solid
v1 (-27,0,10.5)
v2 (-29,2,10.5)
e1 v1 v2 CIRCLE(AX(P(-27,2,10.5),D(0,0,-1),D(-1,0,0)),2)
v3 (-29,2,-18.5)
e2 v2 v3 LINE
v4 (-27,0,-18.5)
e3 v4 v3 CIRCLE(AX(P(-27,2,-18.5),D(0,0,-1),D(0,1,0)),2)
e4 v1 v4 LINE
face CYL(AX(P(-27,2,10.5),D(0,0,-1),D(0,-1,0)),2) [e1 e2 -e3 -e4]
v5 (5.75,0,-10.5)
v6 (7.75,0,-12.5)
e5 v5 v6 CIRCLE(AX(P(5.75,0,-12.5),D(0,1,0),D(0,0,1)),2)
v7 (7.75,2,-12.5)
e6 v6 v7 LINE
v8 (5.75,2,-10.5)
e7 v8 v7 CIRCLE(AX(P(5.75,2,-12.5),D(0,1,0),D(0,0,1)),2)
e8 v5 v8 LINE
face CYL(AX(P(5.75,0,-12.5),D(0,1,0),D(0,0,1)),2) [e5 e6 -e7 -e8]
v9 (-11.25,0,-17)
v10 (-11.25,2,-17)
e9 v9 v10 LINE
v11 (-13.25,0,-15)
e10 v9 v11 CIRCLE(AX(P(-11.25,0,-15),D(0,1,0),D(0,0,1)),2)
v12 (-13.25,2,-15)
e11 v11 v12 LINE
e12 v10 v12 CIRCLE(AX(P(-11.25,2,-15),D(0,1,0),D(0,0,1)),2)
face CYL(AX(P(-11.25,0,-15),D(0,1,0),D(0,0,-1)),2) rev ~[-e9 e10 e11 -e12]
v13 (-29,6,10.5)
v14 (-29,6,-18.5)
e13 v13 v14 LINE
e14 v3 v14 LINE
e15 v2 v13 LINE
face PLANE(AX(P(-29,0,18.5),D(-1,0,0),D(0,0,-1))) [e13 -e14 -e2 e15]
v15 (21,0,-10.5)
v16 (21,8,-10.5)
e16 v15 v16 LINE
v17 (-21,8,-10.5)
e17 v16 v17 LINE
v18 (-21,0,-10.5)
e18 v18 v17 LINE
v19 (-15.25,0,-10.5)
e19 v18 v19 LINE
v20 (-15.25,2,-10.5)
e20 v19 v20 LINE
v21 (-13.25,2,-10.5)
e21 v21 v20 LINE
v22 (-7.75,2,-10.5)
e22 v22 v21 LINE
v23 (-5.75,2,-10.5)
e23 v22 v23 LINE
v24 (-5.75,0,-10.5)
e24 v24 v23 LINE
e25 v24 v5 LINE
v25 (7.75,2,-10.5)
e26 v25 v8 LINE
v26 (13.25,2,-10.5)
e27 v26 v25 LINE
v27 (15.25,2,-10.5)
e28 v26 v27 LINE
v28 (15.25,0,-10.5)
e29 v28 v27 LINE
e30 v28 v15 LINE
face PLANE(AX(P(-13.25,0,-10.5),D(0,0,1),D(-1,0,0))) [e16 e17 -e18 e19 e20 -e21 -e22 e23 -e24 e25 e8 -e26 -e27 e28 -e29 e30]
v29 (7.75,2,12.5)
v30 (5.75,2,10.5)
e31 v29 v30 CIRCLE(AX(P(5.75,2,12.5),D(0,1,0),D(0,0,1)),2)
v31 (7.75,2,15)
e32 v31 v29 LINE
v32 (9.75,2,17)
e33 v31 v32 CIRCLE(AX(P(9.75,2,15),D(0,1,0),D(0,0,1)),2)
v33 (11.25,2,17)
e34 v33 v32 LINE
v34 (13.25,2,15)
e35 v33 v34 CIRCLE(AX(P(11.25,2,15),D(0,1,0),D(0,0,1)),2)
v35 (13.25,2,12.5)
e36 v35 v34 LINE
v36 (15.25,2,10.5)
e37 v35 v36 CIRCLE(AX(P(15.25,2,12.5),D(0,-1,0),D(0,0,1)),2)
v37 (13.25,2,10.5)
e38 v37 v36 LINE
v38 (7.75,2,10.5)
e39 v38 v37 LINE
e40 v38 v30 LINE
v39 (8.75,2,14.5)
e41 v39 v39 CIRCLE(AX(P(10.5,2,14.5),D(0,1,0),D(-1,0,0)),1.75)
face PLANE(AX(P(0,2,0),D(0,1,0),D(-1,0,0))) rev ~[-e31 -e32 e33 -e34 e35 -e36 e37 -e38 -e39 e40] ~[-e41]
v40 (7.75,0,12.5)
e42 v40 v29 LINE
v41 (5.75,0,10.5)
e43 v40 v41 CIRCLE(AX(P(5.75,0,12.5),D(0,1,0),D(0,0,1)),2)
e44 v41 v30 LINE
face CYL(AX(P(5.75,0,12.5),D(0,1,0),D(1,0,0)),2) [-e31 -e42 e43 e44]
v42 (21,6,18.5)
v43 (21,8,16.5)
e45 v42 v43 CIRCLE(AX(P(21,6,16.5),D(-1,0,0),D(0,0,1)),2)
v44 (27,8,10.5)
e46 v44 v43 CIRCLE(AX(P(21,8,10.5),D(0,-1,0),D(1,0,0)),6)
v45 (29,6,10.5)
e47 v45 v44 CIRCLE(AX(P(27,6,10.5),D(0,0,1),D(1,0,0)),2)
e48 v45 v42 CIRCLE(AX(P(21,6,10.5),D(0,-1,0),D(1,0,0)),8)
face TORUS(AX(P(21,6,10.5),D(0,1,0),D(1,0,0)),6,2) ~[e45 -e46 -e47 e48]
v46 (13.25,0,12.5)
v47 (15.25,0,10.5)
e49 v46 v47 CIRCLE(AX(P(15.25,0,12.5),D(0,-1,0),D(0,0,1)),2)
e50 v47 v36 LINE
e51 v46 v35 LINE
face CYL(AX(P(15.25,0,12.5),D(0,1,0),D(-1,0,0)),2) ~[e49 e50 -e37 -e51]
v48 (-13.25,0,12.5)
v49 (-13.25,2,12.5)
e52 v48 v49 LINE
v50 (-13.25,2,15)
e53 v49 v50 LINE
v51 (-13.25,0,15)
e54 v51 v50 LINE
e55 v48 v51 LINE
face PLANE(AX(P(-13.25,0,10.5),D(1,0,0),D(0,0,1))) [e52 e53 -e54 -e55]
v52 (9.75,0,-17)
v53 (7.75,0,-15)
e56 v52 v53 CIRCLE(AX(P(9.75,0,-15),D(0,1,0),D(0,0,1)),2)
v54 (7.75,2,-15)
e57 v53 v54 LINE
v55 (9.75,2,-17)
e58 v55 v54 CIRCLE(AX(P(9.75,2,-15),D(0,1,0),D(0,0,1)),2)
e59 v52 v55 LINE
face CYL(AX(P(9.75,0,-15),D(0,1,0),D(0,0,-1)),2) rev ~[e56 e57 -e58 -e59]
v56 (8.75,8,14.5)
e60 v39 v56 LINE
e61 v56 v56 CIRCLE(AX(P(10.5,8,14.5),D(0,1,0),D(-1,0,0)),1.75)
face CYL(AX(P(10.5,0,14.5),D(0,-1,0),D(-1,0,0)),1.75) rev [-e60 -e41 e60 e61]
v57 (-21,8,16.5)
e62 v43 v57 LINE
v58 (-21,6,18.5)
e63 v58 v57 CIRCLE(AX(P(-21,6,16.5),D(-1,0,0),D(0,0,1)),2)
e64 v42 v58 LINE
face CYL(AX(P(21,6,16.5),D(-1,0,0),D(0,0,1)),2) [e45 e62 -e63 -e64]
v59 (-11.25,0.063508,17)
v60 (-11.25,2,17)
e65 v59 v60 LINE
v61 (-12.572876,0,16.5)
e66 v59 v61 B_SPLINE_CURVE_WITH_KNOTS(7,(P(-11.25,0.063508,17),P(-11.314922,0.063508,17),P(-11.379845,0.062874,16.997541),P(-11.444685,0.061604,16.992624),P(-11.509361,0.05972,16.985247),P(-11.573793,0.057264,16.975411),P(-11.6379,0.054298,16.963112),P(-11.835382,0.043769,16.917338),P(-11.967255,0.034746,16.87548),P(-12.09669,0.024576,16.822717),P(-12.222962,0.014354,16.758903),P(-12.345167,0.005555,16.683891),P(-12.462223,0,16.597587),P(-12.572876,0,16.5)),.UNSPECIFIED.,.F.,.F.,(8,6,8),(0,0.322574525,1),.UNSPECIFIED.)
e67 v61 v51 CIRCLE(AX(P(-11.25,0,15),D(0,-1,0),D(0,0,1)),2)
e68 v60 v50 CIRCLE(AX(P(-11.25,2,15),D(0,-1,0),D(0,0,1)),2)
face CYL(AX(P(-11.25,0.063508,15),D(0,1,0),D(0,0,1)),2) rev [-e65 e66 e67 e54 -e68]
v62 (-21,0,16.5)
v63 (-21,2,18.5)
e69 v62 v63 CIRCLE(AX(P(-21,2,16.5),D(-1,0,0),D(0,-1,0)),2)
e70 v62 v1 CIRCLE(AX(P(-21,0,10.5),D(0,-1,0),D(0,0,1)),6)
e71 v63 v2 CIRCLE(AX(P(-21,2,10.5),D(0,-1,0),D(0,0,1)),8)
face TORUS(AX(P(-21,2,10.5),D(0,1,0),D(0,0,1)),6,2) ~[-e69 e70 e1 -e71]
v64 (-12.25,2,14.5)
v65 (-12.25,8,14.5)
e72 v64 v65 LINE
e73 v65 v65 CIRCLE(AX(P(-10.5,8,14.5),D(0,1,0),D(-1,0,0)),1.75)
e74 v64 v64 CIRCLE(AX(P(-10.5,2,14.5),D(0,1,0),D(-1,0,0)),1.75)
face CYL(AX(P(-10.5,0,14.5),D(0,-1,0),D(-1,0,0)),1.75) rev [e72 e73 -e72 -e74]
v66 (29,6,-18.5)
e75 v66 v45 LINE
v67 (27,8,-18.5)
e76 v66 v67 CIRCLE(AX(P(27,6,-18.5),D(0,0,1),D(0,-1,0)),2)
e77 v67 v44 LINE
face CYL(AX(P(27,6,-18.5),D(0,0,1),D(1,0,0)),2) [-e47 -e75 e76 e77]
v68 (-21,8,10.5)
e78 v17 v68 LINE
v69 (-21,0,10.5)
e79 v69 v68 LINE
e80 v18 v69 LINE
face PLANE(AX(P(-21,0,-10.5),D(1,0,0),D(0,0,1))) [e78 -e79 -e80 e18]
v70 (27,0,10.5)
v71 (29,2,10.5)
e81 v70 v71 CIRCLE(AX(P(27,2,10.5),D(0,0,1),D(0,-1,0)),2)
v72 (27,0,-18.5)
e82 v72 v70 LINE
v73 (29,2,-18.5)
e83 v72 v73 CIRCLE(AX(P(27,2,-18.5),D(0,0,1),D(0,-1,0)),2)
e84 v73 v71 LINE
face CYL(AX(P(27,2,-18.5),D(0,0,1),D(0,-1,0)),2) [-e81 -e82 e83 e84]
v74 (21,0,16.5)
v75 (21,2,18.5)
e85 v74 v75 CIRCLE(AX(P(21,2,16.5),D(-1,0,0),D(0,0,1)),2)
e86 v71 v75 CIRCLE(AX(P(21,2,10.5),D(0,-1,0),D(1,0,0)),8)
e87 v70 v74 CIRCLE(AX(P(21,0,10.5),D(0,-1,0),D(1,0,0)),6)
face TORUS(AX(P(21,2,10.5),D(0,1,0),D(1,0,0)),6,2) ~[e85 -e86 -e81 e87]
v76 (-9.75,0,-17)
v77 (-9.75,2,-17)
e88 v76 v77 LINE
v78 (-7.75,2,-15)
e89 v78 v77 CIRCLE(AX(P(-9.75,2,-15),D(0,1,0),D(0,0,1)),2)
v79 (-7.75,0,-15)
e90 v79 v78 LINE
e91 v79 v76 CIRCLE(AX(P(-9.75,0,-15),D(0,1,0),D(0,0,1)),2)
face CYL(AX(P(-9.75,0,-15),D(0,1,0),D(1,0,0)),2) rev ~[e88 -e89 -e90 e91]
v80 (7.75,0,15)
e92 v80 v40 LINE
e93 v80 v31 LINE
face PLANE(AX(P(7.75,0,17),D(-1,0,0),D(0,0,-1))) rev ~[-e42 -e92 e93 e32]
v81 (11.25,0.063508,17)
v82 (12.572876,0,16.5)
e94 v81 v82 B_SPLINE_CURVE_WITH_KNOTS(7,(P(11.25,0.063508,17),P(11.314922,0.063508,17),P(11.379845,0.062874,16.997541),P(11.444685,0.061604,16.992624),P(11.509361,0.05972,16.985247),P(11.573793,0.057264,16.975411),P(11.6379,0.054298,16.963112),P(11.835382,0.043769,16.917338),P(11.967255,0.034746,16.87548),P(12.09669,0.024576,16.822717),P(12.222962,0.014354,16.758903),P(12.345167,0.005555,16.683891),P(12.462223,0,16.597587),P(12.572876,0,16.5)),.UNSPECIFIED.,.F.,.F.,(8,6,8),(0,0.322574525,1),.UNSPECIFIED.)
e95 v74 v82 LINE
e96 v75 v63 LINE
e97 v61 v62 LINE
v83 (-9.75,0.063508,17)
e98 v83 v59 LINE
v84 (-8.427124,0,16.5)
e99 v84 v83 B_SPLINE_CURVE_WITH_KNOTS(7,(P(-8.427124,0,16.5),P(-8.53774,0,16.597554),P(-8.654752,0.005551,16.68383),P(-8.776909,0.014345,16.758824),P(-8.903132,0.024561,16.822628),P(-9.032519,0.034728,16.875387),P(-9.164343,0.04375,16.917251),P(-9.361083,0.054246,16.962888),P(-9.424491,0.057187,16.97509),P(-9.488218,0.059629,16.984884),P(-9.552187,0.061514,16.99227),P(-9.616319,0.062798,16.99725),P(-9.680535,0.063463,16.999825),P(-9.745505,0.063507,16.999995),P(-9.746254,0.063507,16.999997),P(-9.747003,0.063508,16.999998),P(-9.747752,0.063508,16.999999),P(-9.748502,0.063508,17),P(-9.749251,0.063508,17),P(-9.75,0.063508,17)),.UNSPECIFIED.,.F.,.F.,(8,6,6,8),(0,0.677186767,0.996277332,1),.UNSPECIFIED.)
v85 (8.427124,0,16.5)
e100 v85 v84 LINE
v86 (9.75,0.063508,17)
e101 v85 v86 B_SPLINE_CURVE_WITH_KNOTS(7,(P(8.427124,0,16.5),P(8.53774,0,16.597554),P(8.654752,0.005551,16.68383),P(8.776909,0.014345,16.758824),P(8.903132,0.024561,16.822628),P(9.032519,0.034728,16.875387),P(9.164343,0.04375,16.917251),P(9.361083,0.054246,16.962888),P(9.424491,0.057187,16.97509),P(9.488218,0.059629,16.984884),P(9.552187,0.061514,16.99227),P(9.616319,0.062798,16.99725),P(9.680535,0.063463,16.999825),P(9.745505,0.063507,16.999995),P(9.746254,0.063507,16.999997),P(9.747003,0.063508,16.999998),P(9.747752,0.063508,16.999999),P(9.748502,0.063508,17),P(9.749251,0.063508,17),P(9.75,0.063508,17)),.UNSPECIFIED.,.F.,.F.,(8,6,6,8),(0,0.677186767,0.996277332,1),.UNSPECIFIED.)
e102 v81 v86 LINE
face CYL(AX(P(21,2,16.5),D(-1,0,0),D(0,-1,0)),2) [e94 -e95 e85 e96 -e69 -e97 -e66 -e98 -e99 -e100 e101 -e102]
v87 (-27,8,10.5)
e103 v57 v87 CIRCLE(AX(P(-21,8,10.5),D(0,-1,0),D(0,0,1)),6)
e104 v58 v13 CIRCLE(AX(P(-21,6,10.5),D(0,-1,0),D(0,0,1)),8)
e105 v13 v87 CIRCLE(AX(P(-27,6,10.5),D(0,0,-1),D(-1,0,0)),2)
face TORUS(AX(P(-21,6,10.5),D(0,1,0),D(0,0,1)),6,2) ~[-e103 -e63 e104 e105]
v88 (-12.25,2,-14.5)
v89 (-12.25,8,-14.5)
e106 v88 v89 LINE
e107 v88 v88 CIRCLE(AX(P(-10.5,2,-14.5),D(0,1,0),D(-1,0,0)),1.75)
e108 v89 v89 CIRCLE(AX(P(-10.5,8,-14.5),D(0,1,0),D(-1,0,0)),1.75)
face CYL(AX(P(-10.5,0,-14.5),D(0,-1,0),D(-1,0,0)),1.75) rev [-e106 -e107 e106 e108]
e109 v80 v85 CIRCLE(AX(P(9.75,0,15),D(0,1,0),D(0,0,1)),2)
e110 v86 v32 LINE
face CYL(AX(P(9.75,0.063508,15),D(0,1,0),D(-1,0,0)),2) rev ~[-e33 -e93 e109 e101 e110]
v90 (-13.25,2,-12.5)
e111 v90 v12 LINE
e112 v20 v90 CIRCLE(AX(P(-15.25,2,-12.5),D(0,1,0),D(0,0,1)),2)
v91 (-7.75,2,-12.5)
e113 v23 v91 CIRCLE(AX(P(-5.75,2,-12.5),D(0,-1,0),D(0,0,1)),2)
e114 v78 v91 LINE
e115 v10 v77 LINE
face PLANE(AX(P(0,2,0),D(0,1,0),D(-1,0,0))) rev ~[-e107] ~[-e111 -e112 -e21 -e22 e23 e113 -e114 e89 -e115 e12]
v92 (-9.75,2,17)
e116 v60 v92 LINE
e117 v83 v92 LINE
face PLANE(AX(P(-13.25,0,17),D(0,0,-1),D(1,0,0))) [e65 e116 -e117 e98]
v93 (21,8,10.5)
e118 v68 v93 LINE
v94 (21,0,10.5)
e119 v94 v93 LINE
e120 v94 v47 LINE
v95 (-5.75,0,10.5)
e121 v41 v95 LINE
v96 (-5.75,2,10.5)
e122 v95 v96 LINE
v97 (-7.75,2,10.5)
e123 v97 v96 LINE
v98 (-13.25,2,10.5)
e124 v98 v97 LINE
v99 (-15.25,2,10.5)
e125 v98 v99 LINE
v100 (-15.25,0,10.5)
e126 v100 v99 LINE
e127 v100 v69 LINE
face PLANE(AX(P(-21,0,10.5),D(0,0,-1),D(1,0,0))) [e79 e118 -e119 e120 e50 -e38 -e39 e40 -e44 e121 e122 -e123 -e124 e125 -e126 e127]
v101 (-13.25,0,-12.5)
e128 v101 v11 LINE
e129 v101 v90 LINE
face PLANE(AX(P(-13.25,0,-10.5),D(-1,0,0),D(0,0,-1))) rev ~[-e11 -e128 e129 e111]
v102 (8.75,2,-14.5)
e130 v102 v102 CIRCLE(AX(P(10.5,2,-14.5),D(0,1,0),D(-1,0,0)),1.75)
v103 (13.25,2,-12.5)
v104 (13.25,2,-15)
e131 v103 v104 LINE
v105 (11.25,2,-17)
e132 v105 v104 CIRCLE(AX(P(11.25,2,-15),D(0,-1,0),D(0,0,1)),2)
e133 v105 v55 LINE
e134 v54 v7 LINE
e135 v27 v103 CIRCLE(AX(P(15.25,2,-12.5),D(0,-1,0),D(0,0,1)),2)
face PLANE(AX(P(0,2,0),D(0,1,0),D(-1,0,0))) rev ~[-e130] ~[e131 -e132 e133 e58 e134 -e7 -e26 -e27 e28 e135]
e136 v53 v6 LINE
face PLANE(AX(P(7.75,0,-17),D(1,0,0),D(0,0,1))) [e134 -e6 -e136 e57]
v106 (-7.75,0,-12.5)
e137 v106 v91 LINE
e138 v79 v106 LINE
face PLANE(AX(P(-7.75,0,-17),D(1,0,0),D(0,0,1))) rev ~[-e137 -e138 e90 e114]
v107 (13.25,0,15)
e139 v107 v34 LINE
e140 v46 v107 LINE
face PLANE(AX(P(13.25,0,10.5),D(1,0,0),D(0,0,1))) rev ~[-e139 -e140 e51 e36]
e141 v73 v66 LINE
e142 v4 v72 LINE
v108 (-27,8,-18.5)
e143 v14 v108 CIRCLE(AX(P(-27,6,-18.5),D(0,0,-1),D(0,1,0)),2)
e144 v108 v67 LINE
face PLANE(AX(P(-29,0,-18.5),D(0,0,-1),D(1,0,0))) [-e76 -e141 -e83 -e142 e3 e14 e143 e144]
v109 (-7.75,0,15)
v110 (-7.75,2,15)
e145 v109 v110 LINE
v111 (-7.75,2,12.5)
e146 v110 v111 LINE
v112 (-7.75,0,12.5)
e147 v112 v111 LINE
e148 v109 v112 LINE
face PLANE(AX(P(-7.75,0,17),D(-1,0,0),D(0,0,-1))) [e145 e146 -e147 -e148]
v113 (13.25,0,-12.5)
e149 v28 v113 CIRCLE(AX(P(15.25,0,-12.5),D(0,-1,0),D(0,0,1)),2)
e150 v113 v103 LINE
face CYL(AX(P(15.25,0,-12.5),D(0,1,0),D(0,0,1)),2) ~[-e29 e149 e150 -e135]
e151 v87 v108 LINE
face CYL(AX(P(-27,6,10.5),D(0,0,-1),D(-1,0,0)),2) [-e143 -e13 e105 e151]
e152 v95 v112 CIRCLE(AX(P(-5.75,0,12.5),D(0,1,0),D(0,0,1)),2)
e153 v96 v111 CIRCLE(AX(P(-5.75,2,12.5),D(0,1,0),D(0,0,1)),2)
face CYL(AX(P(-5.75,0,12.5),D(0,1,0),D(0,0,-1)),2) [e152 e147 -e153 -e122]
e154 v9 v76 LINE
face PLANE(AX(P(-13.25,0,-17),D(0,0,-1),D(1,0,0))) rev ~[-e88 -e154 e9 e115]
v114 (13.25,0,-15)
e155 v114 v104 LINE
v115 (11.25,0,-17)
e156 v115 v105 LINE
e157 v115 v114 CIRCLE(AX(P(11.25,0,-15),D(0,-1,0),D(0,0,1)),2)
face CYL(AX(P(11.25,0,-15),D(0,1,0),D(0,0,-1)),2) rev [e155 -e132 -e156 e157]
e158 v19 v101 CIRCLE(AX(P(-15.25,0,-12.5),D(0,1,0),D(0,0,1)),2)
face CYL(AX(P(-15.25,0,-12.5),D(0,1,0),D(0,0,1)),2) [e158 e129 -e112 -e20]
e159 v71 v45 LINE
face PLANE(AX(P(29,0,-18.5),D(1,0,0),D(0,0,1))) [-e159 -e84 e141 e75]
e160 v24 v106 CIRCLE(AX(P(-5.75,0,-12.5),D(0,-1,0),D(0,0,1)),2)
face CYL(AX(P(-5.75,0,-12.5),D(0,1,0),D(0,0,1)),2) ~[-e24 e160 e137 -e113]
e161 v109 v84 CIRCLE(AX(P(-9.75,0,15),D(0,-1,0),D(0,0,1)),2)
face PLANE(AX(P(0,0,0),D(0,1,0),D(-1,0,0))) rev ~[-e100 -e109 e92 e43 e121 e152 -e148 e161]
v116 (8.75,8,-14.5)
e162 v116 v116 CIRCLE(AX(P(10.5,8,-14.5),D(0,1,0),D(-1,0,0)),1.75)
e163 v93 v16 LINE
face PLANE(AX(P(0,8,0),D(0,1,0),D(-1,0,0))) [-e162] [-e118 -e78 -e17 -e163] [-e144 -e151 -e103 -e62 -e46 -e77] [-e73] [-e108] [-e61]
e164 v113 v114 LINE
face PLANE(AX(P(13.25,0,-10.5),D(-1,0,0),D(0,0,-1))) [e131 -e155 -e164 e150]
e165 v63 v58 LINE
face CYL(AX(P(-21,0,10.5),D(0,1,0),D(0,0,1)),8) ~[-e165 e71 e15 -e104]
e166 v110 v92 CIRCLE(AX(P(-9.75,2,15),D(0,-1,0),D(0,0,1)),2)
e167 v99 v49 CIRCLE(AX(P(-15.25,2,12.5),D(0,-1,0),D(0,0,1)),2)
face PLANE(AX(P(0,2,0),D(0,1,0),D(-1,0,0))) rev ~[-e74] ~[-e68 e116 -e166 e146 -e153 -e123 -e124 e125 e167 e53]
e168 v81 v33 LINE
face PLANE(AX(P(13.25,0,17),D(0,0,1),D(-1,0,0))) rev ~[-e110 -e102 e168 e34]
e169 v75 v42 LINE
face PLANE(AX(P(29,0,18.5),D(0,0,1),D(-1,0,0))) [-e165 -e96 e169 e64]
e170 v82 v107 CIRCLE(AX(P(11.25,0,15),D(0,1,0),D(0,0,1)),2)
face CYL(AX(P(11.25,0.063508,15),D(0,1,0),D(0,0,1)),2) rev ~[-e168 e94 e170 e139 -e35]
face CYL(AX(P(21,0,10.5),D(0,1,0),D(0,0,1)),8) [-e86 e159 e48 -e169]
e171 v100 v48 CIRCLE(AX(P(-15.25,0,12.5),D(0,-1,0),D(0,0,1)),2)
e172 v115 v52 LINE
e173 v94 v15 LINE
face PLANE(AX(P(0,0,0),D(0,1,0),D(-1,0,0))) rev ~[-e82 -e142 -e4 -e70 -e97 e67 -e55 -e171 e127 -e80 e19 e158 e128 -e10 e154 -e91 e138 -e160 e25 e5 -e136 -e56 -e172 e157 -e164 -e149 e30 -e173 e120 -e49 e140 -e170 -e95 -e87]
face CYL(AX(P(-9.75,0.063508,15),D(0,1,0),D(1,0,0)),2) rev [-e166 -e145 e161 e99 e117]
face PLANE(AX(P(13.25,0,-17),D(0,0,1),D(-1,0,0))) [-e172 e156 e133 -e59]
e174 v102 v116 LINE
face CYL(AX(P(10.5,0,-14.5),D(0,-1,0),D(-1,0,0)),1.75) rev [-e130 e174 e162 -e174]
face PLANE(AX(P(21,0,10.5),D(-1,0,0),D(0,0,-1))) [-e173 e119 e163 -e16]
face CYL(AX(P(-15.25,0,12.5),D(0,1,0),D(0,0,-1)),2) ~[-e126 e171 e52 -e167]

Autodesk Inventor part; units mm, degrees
ref_plane "YZ Plane" through (0, 0, 0) normal (1, 0, 0) x (0, 1, 0)
ref_plane "XZ Plane" through (0, 0, 0) normal (0, 1, 0) x (-1, 0, 0)
ref_plane "XY Plane" through (0, 0, 0) normal (0, 0, 1) x (1, 0, 0)
sketch "Sketch1" plane through (0, 0, 0) normal (0, 1, 0) x (-1, 0, 0)
  line L0 (21, 10.5) -> (-21, 10.5)
  line L1 (-21, 10.5) -> (-21, -10.5)
  line L2 (-21, -10.5) -> (21, -10.5)
  line L3 (21, -10.5) -> (21, 10.5)
  line L4 (21, 10.5) -> (-21, -10.5) construction
  line L5 (-21, 10.5) -> (21, -10.5) construction
  line L6 (-29, 18.5) -> (29, 18.5)
  line L7 (29, 18.5) -> (29, -18.5)
  line L8 (29, -18.5) -> (-29, -18.5)
  line L9 (-29, -18.5) -> (-29, 18.5)
  circle A0 centre (10.5, 14.5) radius 1.75
  line L10 (0, 10.5) -> (0, -10.5) construction
  line L11 (-21, 0) -> (21, 0) construction
  circle A1 centre (10.5, -14.5) radius 1.75
  circle A2 centre (-10.5, 14.5) radius 1.75
  circle A3 centre (-10.5, -14.5) radius 1.75
  line L12 (-21, 10.5) -> (-27, 10.5)
  line L13 (-27, 10.5) -> (-27, -10.5)
  line L14 (-27, -10.5) -> (-21, -10.5)
  line L15 (-21, -10.5) -> (-21, 10.5)
  line L16 (21, 10.5) -> (27, 10.5)
  line L17 (27, 10.5) -> (27, -10.5)
  line L18 (27, -10.5) -> (21, -10.5)
  line L19 (7.75, 10.5) -> (13.25, 10.5)
  line L20 (13.25, 10.5) -> (13.25, 17)
  line L21 (13.25, 17) -> (7.75, 17)
  line L22 (7.75, 17) -> (7.75, 10.5)
  line L23 (-13.25, 10.5) -> (-13.25, 17)
  line L24 (-13.25, 17) -> (-7.75, 17)
  line L25 (-7.75, 17) -> (-7.75, 10.5)
  line L26 (13.25, -10.5) -> (13.25, -17)
  line L27 (13.25, -17) -> (7.75, -17)
  line L28 (7.75, -17) -> (7.75, -10.5)
  line L29 (-7.75, -17) -> (-7.75, -10.5)
  line L30 (-13.25, -17) -> (-7.75, -17)
  line L31 (-13.25, -10.5) -> (-13.25, -17)
  point P0 (0, 0)
  dimension "d0" = 21
  dimension "d1" = 42
  dimension "d2" = 8
  dimension "d3" = 3.5
  dimension "d4" = 10.5
  dimension "d5" = 4
  dimension "d6" = 6
  dimension "d7" = 21
  dimension "d15" = 5.5
  dimension "d17" = 2.5
  dimension "d18" = 2.75
extrude "Extrusion1" add sketch "Sketch1" along normal blind 8 contours L16 L17 L18 L3 | L0 L22 L21 L20 | L26 L27 L28 L2 | L0 L23 L24 L25 | L29 L30 L31 L2 | L1 L14 L13 L12 | L6 L7 L8 L9
fillet "Fillet1" radius 8 2 edges at (-29, 4, 18.5) (29, 4, 18.5)
fillet "Fillet3" radius 2 10 edges at (-26.6569, 0, 16.1569) (0, 0, 18.5) (26.6569, 0, 16.1569) (29, 0, -4) (-29, 0, -4) (-26.6569, 8, 16.1569) (0, 8, 18.5) (26.6569, 8, 16.1569) (29, 8, -4) (-29, 8, -4)
extrude "Extrusion3" cut sketch "Sketch1" along normal blind 2 contours L0 L22 L21 L20 | L26 L27 L28 L2 | L0 L23 L24 L25 | L29 L30 L31 L2
fillet "Fillet4" radius 2 8 edges at (13.25, 1.0318, 17) (7.75, 1.0318, 17) (-13.25, 1.0318, 17) (-7.75, 1.0318, 17) (-13.25, 1, -17) (-7.75, 1, -17) (13.25, 1, -17) (7.75, 1, -17)
fillet "Fillet5" radius 2 8 edges at (-7.75, 1, -10.5) (-13.25, 1, -10.5) (7.75, 1, -10.5) (13.25, 1, -10.5) (13.25, 1, 10.5) (7.75, 1, 10.5) (-7.75, 1, 10.5) (-13.25, 1, 10.5)
equation "\"d0\" = MountWidth"
equation "\"d1\" = MountLength"
equation "\"d2\" = MountThickness"
equation "\"d3\" = THROUGH_DIAMETER"
equation "\"d4\" = 0.25 * MountLength"
equation "\"d5\" = 0.5 * MountThickness"
equation "\"d7\" = MountWidth"
equation "\"d8\" = OUTER_HEIGHT"
equation "\"d12\" = OUTER_FILLET"
equation "\"d14\" = PART_FILLET"
equation "\"MountWidth\" = 21"
equation "\"MountLength\" = 42"
equation "\"MountThickness\" = 8"
equation "\"THROUGH_DIAMETER\" = 3.5"
equation "\"OUTER_HEIGHT\" = 8"
equation "\"OUTER_FILLET\" = 8"
equation "\"PART_FILLET\" = 2"
properties part number "CoxaServoCutout"
